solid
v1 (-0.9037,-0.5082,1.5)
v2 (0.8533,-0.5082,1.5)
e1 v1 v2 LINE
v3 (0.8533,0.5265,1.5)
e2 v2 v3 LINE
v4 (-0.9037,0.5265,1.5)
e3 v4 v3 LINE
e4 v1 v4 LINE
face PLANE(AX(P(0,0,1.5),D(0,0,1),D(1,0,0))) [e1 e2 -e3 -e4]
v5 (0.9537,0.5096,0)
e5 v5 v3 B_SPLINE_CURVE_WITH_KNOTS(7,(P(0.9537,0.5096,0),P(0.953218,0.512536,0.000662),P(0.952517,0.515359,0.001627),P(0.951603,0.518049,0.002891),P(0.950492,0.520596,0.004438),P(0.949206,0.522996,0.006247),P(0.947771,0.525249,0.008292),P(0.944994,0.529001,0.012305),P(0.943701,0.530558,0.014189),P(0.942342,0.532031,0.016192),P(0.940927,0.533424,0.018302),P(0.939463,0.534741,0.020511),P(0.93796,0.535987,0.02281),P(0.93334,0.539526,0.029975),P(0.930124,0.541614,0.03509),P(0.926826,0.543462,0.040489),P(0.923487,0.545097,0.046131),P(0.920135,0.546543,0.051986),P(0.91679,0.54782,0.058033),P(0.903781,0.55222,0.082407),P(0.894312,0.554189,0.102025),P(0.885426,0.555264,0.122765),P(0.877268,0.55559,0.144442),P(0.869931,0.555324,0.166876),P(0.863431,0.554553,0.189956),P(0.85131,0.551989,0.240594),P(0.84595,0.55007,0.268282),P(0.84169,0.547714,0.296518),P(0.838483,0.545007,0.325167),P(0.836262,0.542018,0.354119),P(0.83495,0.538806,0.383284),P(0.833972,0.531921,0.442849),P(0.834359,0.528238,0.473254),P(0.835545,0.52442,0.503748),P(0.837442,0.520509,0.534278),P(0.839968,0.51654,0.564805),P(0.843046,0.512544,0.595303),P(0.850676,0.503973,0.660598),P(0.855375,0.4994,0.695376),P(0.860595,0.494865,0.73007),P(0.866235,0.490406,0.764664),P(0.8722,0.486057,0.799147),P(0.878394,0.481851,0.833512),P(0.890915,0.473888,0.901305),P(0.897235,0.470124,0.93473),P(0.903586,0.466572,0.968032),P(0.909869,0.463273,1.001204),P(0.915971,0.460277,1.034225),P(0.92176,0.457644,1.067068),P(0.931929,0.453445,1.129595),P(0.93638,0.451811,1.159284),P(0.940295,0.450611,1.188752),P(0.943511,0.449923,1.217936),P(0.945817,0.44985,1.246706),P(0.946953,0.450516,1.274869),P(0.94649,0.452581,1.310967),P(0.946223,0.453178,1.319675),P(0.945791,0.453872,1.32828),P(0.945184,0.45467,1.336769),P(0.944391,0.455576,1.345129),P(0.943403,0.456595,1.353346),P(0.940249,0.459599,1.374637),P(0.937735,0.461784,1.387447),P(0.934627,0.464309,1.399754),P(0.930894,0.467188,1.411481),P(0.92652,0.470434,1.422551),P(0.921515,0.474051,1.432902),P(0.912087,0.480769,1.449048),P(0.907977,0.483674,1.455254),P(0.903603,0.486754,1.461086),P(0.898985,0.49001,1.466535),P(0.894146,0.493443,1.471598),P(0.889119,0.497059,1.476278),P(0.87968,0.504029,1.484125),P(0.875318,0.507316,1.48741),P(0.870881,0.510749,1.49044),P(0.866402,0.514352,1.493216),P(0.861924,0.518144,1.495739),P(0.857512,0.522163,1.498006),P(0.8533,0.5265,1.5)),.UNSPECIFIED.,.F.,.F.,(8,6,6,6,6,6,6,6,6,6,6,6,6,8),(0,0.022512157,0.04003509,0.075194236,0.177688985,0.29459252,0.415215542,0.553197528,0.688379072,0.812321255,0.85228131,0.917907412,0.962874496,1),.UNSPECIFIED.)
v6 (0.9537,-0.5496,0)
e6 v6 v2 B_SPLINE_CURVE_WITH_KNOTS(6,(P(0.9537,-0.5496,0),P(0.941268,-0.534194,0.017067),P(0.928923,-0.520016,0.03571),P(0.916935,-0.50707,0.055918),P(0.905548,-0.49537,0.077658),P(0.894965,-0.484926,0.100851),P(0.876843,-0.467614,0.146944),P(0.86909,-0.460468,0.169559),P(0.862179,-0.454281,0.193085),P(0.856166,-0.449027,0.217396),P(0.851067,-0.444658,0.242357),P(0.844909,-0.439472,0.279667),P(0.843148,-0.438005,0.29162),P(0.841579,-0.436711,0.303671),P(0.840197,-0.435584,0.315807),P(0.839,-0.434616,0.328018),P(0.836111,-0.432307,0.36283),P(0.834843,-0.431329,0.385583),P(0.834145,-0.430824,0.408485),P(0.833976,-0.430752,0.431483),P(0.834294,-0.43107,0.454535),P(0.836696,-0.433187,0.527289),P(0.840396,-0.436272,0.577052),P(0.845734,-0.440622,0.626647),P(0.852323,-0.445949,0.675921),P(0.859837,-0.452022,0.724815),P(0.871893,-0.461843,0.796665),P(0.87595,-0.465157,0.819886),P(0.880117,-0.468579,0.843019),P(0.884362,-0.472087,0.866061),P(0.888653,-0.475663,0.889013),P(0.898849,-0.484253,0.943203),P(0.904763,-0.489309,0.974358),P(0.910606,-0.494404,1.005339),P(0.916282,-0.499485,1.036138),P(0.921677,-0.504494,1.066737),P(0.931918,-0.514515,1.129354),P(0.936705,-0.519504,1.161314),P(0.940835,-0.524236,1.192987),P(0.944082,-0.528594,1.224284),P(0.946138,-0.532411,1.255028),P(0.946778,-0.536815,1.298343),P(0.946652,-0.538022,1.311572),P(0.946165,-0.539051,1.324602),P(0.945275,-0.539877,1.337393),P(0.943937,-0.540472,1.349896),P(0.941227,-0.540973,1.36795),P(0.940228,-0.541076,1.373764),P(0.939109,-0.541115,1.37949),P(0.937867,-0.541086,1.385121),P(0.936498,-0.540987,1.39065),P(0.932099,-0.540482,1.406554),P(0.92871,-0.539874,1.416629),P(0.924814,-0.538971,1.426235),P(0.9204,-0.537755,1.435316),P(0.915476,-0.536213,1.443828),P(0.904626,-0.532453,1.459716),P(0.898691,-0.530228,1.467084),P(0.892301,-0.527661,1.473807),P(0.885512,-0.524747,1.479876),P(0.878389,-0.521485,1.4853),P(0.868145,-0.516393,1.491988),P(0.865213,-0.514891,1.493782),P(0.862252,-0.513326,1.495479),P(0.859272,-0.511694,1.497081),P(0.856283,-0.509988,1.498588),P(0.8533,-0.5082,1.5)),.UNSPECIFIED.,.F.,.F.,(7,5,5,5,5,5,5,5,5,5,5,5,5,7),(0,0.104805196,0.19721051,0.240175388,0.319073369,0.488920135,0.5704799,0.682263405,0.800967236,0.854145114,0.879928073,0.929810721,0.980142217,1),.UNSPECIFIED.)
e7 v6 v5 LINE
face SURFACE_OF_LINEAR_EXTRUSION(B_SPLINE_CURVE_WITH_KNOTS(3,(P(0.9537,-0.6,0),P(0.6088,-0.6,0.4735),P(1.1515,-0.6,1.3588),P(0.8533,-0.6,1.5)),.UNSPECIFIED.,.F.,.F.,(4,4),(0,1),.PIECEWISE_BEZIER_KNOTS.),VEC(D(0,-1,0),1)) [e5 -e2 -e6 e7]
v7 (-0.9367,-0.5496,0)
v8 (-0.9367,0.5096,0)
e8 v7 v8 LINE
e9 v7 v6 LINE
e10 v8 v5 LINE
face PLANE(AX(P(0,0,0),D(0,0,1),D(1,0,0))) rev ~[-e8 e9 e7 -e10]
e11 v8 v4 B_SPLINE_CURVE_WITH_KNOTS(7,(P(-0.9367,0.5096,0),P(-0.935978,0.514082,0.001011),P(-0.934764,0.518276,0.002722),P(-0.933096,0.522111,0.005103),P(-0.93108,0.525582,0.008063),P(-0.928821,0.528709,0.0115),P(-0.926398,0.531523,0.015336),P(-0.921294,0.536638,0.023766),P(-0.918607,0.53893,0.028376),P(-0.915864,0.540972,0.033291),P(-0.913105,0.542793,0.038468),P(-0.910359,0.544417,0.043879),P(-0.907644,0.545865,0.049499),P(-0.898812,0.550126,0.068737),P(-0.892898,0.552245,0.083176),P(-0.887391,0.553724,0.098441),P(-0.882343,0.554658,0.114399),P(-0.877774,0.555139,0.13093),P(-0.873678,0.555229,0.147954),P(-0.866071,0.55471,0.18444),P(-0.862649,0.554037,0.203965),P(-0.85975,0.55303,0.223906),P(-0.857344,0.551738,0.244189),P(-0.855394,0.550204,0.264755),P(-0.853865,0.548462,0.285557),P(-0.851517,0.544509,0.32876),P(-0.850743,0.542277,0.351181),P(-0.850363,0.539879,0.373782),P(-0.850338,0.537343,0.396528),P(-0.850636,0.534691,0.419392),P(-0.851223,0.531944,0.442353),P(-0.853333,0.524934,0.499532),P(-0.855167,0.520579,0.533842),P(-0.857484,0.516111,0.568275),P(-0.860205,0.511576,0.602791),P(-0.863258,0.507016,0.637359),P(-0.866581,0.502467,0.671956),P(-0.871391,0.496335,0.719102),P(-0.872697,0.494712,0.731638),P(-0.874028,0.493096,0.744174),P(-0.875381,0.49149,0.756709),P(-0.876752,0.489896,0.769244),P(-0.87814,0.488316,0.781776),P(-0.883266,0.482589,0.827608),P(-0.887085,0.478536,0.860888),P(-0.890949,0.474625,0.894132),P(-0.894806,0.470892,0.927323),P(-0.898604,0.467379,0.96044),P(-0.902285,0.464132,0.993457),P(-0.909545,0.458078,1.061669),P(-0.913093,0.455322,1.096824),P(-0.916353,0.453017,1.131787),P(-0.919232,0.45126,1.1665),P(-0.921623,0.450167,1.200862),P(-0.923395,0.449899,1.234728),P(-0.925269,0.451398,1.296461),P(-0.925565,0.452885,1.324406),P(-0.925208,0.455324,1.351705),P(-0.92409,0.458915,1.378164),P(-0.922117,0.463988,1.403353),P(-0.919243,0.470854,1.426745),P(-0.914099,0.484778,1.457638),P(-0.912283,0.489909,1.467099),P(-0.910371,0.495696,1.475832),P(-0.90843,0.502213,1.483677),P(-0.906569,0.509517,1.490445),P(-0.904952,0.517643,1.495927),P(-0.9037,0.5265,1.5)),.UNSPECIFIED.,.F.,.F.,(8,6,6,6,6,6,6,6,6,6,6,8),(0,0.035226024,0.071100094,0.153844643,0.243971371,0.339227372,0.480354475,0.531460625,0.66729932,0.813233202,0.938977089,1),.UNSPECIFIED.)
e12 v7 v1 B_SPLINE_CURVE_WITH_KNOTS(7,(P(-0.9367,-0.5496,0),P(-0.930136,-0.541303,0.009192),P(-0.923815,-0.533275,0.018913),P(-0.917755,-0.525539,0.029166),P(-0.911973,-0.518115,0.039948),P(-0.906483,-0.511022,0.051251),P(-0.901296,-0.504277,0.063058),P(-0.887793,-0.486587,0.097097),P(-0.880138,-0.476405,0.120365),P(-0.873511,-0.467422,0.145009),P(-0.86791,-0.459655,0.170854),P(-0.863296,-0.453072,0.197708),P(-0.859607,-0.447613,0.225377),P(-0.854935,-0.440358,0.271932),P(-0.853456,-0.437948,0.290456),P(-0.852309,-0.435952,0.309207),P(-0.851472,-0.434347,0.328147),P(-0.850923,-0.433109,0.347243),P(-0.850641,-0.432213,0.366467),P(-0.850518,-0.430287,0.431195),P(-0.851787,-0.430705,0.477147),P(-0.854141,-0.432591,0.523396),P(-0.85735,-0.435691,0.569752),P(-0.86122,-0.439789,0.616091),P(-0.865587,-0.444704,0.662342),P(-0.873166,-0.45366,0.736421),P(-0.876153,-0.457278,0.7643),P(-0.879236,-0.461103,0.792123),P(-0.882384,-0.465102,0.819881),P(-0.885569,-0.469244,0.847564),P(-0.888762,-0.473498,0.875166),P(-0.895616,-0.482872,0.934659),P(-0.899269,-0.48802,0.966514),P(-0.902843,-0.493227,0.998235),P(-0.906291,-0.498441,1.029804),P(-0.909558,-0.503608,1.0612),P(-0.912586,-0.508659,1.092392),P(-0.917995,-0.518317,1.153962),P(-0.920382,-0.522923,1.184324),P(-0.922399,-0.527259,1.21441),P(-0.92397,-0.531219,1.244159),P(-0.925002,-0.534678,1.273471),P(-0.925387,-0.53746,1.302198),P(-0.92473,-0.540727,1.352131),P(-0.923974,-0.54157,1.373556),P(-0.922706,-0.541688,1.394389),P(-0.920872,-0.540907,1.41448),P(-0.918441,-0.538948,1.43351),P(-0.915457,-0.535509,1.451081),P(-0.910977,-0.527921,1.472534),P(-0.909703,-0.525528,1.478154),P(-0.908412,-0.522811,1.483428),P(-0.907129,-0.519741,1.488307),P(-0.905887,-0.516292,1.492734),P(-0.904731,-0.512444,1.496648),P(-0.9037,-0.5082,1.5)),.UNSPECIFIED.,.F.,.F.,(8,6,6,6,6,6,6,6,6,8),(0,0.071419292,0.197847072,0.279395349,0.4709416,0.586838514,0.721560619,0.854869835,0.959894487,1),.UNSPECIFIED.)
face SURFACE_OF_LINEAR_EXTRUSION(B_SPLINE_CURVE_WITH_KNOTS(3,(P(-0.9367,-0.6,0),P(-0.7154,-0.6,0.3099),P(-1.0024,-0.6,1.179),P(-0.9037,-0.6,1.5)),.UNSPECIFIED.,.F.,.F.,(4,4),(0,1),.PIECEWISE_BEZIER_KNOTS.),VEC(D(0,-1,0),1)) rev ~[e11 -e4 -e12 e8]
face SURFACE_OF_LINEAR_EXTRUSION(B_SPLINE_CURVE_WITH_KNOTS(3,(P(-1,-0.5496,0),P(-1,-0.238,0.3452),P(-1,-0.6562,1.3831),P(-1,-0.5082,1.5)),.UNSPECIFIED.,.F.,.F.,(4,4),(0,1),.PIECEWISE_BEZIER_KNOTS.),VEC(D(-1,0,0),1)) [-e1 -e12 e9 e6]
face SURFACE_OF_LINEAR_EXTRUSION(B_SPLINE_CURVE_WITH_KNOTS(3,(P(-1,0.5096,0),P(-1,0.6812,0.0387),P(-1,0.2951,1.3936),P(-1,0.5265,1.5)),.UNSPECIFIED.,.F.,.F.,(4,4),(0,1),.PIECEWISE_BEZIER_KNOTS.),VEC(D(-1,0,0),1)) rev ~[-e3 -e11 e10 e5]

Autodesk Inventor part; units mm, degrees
ref_plane "YZ Plane" through (0, 0, 0) normal (1, 0, 0) x (0, 1, 0)
ref_plane "XZ Plane" through (0, 0, 0) normal (0, 1, 0) x (-1, 0, 0)
ref_plane "XY Plane" through (0, 0, 0) normal (0, 0, 1) x (1, 0, 0)
sketch "Эскиз1" plane through (0, 0, 0) normal (0, 0, 1) x (1, 0, 0)
  line L0 (-1, -0.6) -> (1, -0.6)
  line L1 (1, -0.6) -> (1, 0.6)
  line L2 (1, 0.6) -> (-1, 0.6)
  line L3 (-1, 0.6) -> (-1, -0.6)
  line L4 (-0.25, -0.4) -> (-0.25, 0.4) projected
  line L5 (-0.25, 0.4) -> (-0.8, 0.4) projected
  line L6 (-0.8, 0.4) -> (-0.8, -0.4) projected
  line L7 (-0.8, -0.4) -> (-0.25, -0.4) projected
  line L8 (0.25, 0.4) -> (0.25, -0.4) projected
  line L9 (0.25, -0.4) -> (0.8, -0.4) projected
  line L10 (0.8, -0.4) -> (0.8, 0.4) projected
  line L11 (0.8, 0.4) -> (0.25, 0.4) projected
  point P0 (0, 0)
  dimension "d0" = 0.2
  dimension "d1" = 0.2
  dimension "d2" = 0.2
  dimension "d3" = 0.2
extrude "Выдавливание1" add sketch "Эскиз1" along normal blind 1.5 contours L3 L2 L1 L0 | L7 L6 L5 L4 | L11 L10 L9 L8
ref_plane "РабПлоскость1" through (-1, -0.6, 0) normal (0, -1, 0) x (1, 0, 0)
ref_plane "РабПлоскость2" through (-1, 0.6, 0) normal (-1, 0, 0) x (0, -1, 0)
sketch "Эскиз2" plane through (-1, -0.6, 0) normal (0, -1, 0) x (1, 0, 0)
  line L0 (2, 1.5) -> (0, 1.5) projected
  line L1 (0, 0) -> (0, 1.5) projected
  line L2 (0, 0) -> (2, 0) projected
  line L3 (2, 0) -> (2, 1.5) projected
  spline S0 degree 3 poles (1.9537, 0) (1.6088, 0.4735) (2.1515, 1.3588) (1.8533, 1.5) knots 0 0 0 0 1 1 1 1
  spline S1 degree 3 poles (0.0633, 0) (0.2846, 0.3099) (-0.0024, 1.179) (0.0963, 1.5) knots 0 0 0 0 1 1 1 1
  point P0 (1, 0)
  point P1 (1.8557, 0.6949)
  point P2 (1.9464, 1.311)
  point P3 (0.1493, 0.4099)
  point P4 (0.0882, 1.0857)
extrude "Выдавливание2" cut sketch "Эскиз2" against normal through all contours L3 L2 S0 L0 | S1 L2 L1 L0
sketch "Эскиз3" plane through (-1, 0.6, 0) normal (-1, 0, 0) x (0, -1, 0)
  line L0 (0, 0) -> (0, 1.5) projected
  line L1 (1.2, 0) -> (0, 0) projected
  line L2 (1.2, 1.5) -> (1.2, 0) projected
  line L3 (0, 1.5) -> (1.2, 1.5) projected
  spline S0 degree 3 poles (1.1496, 0) (0.838, 0.3452) (1.2562, 1.3831) (1.1082, 1.5) knots 0 0 0 0 1 1 1 1
  spline S1 degree 3 poles (0.0904, 0) (-0.0812, 0.0387) (0.3049, 1.3936) (0.0735, 1.5) knots 0 0 0 0 1 1 1 1
  point P0 (0.6, 0)
  point P1 (1.0399, 0.6111)
  point P2 (1.1392, 1.3283)
  point P3 (0.0452, 0.1765)
  point P4 (0.1462, 1.1268)
extrude "Выдавливание3" cut sketch "Эскиз3" against normal through all contours L0 L3 S1 L1 | S0 L3 L2 L1
properties part number "0603 board"
